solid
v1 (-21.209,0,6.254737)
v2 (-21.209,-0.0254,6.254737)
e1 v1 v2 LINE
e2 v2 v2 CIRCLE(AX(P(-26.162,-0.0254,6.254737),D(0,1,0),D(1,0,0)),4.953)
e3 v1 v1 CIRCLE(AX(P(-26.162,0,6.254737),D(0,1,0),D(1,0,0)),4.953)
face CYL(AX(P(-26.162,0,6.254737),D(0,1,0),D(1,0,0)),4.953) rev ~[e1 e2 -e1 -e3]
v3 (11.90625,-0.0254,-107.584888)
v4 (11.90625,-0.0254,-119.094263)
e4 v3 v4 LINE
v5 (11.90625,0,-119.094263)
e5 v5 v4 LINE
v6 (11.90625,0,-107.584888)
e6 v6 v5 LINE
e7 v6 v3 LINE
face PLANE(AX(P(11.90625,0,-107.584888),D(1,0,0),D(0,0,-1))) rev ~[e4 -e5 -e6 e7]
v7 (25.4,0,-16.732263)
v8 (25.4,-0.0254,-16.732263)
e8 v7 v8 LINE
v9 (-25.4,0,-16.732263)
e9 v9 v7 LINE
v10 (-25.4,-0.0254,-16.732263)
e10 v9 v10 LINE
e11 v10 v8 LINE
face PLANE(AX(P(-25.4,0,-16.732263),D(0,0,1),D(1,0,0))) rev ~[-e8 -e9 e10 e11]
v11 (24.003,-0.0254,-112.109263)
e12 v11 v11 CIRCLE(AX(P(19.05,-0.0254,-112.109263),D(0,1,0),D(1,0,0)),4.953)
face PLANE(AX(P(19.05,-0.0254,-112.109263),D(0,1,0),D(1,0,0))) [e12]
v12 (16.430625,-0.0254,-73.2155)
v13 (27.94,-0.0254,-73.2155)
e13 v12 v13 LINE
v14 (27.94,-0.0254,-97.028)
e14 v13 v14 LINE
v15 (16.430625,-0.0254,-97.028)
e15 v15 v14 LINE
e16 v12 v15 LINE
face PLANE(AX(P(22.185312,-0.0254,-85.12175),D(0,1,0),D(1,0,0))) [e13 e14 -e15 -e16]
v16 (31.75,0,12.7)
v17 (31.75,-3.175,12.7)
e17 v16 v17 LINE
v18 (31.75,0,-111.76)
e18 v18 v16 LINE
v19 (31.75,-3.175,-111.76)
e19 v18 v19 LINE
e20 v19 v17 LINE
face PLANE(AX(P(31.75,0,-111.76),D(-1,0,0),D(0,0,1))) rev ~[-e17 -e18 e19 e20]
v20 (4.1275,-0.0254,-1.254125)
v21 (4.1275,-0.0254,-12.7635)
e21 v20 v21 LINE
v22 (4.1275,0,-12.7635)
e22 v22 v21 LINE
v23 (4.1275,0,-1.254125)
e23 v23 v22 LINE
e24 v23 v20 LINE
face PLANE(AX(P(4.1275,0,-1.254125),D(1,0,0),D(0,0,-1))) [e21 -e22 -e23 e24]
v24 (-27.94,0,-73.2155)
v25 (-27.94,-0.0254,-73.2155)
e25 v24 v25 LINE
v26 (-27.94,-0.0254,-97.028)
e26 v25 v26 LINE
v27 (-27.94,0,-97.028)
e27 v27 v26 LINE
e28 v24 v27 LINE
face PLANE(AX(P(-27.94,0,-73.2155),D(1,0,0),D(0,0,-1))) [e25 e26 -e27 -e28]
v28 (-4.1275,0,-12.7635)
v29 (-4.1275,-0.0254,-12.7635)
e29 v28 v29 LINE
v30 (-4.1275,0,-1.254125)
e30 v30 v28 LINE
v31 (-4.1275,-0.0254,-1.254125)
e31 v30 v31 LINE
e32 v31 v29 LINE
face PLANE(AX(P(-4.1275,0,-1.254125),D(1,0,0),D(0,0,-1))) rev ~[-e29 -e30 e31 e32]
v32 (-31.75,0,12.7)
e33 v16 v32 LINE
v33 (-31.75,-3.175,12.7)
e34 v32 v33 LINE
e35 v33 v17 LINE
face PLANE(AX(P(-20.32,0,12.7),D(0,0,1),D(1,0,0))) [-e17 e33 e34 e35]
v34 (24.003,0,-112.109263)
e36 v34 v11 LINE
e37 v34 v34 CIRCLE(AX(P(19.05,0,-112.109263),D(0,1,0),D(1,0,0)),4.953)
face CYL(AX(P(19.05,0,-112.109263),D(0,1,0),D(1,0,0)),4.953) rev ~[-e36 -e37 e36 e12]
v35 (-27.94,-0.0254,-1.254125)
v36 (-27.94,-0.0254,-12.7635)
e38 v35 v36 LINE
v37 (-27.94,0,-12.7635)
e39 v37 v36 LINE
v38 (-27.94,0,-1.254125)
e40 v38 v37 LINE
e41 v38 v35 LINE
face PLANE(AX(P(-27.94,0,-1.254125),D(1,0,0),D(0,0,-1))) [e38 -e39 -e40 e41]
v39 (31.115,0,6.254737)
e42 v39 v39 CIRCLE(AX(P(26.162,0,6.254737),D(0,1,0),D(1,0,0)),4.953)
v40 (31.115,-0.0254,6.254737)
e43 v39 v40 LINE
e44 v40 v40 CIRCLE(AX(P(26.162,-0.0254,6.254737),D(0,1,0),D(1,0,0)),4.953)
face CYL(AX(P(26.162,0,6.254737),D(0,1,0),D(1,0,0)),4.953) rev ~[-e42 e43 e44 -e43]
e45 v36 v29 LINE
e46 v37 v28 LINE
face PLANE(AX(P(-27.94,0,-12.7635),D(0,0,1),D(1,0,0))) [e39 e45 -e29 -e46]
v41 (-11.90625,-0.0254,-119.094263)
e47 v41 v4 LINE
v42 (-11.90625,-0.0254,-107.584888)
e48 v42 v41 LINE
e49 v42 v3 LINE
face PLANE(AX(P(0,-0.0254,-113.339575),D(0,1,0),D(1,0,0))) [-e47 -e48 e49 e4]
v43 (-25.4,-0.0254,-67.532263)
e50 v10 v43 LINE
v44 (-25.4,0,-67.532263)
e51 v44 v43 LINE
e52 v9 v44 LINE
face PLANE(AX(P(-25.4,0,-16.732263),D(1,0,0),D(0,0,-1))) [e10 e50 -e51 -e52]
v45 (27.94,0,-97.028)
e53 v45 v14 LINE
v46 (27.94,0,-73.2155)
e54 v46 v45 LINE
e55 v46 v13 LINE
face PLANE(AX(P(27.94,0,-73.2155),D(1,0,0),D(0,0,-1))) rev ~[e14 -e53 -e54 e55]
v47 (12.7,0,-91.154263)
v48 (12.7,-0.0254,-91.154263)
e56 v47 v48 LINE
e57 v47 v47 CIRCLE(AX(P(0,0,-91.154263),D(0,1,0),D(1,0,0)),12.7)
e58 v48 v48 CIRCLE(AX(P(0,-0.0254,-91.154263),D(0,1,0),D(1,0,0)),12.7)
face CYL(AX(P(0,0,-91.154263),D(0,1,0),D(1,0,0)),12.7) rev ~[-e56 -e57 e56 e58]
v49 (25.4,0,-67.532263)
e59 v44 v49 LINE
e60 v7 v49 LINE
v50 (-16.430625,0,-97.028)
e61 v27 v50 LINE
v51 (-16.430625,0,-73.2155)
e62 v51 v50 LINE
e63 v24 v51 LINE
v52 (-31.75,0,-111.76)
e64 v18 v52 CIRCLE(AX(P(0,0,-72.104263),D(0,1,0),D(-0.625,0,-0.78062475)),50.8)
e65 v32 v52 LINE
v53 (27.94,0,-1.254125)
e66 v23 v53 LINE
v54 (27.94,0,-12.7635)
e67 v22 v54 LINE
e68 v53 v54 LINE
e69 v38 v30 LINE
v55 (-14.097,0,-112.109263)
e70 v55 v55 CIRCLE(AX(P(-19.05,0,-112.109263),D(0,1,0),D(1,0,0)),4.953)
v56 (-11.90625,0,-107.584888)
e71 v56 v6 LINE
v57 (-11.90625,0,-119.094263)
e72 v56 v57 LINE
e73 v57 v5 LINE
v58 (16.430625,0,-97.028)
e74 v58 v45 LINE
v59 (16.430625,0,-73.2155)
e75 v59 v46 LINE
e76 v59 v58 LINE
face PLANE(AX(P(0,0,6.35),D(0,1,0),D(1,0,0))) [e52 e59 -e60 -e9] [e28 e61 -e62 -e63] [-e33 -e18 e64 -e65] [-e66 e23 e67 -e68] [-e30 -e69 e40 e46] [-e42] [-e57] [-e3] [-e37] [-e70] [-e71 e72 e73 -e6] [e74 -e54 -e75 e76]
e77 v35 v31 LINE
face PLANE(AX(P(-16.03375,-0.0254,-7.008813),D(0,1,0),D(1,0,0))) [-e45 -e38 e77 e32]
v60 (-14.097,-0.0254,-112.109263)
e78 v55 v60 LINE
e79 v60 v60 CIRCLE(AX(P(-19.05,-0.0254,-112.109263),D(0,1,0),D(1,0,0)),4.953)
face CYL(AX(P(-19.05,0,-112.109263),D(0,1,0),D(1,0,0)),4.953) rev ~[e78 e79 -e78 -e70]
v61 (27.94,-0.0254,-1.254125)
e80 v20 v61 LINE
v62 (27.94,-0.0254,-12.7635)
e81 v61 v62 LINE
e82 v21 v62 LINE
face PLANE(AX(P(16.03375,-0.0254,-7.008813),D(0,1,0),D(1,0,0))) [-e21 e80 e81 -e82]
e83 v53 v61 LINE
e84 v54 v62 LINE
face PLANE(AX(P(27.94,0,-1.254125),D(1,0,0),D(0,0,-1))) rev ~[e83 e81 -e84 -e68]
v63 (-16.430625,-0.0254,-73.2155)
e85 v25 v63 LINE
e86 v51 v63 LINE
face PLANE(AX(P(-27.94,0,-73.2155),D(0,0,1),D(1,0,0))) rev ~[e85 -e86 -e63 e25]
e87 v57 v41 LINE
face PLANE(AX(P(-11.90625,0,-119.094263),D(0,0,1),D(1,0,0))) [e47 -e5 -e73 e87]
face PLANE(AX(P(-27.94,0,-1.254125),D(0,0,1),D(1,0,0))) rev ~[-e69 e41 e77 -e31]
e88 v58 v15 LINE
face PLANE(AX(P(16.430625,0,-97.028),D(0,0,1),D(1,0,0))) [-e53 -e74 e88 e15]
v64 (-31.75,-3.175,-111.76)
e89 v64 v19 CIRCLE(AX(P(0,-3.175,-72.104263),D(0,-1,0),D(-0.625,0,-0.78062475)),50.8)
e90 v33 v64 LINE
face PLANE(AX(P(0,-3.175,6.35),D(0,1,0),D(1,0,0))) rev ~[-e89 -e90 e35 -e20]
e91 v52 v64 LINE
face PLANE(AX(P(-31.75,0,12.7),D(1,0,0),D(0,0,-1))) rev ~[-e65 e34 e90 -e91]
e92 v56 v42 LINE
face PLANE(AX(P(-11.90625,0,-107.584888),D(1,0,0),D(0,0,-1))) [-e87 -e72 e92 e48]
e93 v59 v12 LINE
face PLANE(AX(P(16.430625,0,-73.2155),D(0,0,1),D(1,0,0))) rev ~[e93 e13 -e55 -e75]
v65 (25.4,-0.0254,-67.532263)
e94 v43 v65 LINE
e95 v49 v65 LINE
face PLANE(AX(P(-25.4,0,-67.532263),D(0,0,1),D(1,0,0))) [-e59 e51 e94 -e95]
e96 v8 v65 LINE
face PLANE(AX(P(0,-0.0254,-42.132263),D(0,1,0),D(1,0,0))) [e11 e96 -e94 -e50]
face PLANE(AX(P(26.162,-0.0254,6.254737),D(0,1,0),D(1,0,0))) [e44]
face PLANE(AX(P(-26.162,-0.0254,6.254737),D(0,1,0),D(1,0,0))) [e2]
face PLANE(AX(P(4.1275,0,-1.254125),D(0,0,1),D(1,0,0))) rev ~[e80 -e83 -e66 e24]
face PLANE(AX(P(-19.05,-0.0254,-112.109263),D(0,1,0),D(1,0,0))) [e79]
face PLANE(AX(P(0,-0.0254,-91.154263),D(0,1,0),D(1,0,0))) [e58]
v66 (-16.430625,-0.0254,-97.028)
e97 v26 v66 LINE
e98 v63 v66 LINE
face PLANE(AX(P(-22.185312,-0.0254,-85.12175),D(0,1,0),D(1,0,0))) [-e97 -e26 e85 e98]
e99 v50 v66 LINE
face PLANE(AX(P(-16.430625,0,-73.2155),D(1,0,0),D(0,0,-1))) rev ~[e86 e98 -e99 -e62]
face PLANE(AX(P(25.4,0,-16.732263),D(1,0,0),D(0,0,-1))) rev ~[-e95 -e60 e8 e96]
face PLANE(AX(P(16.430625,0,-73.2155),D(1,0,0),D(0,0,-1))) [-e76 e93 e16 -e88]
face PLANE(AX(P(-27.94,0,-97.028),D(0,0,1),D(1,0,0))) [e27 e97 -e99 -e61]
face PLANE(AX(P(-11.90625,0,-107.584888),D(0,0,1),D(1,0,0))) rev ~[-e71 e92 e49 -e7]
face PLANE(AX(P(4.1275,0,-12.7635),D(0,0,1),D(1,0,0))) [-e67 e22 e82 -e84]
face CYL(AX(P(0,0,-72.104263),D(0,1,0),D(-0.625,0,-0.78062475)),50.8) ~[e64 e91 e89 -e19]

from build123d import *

# Parameters (mm, degrees)
BOSS_EXTRUDE1_DEPTH = 12.7
BOSS_EXTRUDE2_DEPTH = 11.43
BOSS_EXTRUDE3_DEPTH = 3.175
SKETCH25_W          = 101.6
SKETCH25_H          = 203.2
CUT_EXTRUDE16_DEPTH = 26.4
SKETCH31_W          = 40.64
SKETCH31_H          = 12.7
BOSS_EXTRUDE5_DEPTH = 3.175
SKETCH27_R          = 4.953
SKETCH27_R_2        = 12.7
SKETCH27_W          = 50.8
SKETCH27_H          = 50.8
CUT_EXTRUDE17_DEPTH = 0.0254
SKETCH28_W          = 23.8125
SKETCH28_H          = 11.509375
SKETCH28_W_2        = 11.509375
SKETCH28_H_2        = 23.8125
CUT_EXTRUDE18_DEPTH = 0.0254


with BuildPart() as part:
    # Sketch1 → Boss-Extrude1 (new body)
    with BuildSketch(Plane(origin=(0, 0, 0), x_dir=(1, 0, 0), z_dir=(0, 1, 0))):
        with BuildLine():
            Line((-31.75, 0), (31.75, 0))
            Line((31.75, 0), (31.75, 111.76))
            ThreePointArc((31.75, 111.76), (0, 122.90426271), (-31.75, 111.76))
            Line((-31.75, 111.76), (-31.75, 0))
        make_face()
    extrude(amount=BOSS_EXTRUDE1_DEPTH)

    # Sketch2 → Boss-Extrude2 (add)
    with BuildSketch(Plane.ZY.offset(31.75)):
        with BuildLine():
            Line((0, 0), (12.7, 0))
            ThreePointArc((12.7, 0), (21.680256121, 21.680256121), (0, 12.7))
            Line((0, 12.7), (0, 0))
        make_face()
    boss_extrude2 = extrude(amount=-BOSS_EXTRUDE2_DEPTH)

    # Mirror1: Boss-Extrude2 across plane
    add(boss_extrude2.mirror(Plane(origin=(0, 0, 0), x_dir=(0, 0, 1), z_dir=(1, 0, 0))))

    # Sketch24 → Boss-Extrude3 (add)
    with BuildSketch(Plane.XZ):
        with BuildLine():
            Line((20.32, 0), (-20.32, 0))
            Line((-20.32, 0), (-20.32, 12.7))
            Line((-20.32, 12.7), (-31.75, 12.7))
            Line((-31.75, 12.7), (-31.75, -111.76))
            ThreePointArc((-31.75, -111.76), (0, -122.90426271), (31.75, -111.76))
            Line((31.75, -111.76), (31.75, 12.7))
            Line((31.75, 12.7), (20.32, 12.7))
            Line((20.32, 12.7), (20.32, 0))
        make_face()
    extrude(amount=BOSS_EXTRUDE3_DEPTH)

    # Sketch25 → Cut-Extrude16 (cut, through all)
    with BuildSketch(Plane(origin=(0, 0, 0), x_dir=(-1, 0, 0), z_dir=(0, -1, 0))):
        with Locations((12.008205385, 70.319547201)):
            Rectangle(SKETCH25_W, SKETCH25_H)
    extrude(amount=-CUT_EXTRUDE16_DEPTH, mode=Mode.SUBTRACT)

    # Sketch31 → Boss-Extrude5 (add)
    with BuildSketch(Plane(origin=(0, 0, 0), x_dir=(1, 0, 0), z_dir=(0, 1, 0))):
        with Locations((0, -6.35)):
            Rectangle(SKETCH31_W, SKETCH31_H)
    extrude(amount=-BOSS_EXTRUDE5_DEPTH)

    # Sketch27 → Cut-Extrude17 (cut)
    with BuildSketch(Plane(origin=(0, 0, 0), x_dir=(1, 0, 0), z_dir=(0, 1, 0))):
        with Locations((19.05, 112.10926271)):
            Circle(SKETCH27_R)
        with Locations((-19.05, 112.10926271)):
            Circle(SKETCH27_R)
        with Locations((26.162, -6.25473729)):
            Circle(SKETCH27_R)
        with Locations((-26.162, -6.25473729)):
            Circle(SKETCH27_R)
        with Locations((0, 91.15426271)):
            Circle(SKETCH27_R_2)
        with Locations((0, 42.13226271)):
            Rectangle(SKETCH27_W, SKETCH27_H)
    extrude(amount=-CUT_EXTRUDE17_DEPTH, mode=Mode.SUBTRACT)

    # Sketch28 → Cut-Extrude18 (cut)
    with BuildSketch(Plane(origin=(0, 0, 0), x_dir=(1, 0, 0), z_dir=(0, 1, 0))):
        with Locations((-16.03375, 7.0088125)):
            Rectangle(SKETCH28_W, SKETCH28_H)
        with Locations((22.1853125, 85.12175)):
            Rectangle(SKETCH28_W_2, SKETCH28_H_2)
        with Locations((16.03375, 7.0088125)):
            Rectangle(SKETCH28_W, SKETCH28_H)
        with Locations((0, 113.33957521)):
            Rectangle(SKETCH28_W, SKETCH28_H)
        with Locations((-22.1853125, 85.12175)):
            Rectangle(SKETCH28_W_2, SKETCH28_H_2)
    extrude(amount=-CUT_EXTRUDE18_DEPTH, mode=Mode.SUBTRACT)


solid = part.part
